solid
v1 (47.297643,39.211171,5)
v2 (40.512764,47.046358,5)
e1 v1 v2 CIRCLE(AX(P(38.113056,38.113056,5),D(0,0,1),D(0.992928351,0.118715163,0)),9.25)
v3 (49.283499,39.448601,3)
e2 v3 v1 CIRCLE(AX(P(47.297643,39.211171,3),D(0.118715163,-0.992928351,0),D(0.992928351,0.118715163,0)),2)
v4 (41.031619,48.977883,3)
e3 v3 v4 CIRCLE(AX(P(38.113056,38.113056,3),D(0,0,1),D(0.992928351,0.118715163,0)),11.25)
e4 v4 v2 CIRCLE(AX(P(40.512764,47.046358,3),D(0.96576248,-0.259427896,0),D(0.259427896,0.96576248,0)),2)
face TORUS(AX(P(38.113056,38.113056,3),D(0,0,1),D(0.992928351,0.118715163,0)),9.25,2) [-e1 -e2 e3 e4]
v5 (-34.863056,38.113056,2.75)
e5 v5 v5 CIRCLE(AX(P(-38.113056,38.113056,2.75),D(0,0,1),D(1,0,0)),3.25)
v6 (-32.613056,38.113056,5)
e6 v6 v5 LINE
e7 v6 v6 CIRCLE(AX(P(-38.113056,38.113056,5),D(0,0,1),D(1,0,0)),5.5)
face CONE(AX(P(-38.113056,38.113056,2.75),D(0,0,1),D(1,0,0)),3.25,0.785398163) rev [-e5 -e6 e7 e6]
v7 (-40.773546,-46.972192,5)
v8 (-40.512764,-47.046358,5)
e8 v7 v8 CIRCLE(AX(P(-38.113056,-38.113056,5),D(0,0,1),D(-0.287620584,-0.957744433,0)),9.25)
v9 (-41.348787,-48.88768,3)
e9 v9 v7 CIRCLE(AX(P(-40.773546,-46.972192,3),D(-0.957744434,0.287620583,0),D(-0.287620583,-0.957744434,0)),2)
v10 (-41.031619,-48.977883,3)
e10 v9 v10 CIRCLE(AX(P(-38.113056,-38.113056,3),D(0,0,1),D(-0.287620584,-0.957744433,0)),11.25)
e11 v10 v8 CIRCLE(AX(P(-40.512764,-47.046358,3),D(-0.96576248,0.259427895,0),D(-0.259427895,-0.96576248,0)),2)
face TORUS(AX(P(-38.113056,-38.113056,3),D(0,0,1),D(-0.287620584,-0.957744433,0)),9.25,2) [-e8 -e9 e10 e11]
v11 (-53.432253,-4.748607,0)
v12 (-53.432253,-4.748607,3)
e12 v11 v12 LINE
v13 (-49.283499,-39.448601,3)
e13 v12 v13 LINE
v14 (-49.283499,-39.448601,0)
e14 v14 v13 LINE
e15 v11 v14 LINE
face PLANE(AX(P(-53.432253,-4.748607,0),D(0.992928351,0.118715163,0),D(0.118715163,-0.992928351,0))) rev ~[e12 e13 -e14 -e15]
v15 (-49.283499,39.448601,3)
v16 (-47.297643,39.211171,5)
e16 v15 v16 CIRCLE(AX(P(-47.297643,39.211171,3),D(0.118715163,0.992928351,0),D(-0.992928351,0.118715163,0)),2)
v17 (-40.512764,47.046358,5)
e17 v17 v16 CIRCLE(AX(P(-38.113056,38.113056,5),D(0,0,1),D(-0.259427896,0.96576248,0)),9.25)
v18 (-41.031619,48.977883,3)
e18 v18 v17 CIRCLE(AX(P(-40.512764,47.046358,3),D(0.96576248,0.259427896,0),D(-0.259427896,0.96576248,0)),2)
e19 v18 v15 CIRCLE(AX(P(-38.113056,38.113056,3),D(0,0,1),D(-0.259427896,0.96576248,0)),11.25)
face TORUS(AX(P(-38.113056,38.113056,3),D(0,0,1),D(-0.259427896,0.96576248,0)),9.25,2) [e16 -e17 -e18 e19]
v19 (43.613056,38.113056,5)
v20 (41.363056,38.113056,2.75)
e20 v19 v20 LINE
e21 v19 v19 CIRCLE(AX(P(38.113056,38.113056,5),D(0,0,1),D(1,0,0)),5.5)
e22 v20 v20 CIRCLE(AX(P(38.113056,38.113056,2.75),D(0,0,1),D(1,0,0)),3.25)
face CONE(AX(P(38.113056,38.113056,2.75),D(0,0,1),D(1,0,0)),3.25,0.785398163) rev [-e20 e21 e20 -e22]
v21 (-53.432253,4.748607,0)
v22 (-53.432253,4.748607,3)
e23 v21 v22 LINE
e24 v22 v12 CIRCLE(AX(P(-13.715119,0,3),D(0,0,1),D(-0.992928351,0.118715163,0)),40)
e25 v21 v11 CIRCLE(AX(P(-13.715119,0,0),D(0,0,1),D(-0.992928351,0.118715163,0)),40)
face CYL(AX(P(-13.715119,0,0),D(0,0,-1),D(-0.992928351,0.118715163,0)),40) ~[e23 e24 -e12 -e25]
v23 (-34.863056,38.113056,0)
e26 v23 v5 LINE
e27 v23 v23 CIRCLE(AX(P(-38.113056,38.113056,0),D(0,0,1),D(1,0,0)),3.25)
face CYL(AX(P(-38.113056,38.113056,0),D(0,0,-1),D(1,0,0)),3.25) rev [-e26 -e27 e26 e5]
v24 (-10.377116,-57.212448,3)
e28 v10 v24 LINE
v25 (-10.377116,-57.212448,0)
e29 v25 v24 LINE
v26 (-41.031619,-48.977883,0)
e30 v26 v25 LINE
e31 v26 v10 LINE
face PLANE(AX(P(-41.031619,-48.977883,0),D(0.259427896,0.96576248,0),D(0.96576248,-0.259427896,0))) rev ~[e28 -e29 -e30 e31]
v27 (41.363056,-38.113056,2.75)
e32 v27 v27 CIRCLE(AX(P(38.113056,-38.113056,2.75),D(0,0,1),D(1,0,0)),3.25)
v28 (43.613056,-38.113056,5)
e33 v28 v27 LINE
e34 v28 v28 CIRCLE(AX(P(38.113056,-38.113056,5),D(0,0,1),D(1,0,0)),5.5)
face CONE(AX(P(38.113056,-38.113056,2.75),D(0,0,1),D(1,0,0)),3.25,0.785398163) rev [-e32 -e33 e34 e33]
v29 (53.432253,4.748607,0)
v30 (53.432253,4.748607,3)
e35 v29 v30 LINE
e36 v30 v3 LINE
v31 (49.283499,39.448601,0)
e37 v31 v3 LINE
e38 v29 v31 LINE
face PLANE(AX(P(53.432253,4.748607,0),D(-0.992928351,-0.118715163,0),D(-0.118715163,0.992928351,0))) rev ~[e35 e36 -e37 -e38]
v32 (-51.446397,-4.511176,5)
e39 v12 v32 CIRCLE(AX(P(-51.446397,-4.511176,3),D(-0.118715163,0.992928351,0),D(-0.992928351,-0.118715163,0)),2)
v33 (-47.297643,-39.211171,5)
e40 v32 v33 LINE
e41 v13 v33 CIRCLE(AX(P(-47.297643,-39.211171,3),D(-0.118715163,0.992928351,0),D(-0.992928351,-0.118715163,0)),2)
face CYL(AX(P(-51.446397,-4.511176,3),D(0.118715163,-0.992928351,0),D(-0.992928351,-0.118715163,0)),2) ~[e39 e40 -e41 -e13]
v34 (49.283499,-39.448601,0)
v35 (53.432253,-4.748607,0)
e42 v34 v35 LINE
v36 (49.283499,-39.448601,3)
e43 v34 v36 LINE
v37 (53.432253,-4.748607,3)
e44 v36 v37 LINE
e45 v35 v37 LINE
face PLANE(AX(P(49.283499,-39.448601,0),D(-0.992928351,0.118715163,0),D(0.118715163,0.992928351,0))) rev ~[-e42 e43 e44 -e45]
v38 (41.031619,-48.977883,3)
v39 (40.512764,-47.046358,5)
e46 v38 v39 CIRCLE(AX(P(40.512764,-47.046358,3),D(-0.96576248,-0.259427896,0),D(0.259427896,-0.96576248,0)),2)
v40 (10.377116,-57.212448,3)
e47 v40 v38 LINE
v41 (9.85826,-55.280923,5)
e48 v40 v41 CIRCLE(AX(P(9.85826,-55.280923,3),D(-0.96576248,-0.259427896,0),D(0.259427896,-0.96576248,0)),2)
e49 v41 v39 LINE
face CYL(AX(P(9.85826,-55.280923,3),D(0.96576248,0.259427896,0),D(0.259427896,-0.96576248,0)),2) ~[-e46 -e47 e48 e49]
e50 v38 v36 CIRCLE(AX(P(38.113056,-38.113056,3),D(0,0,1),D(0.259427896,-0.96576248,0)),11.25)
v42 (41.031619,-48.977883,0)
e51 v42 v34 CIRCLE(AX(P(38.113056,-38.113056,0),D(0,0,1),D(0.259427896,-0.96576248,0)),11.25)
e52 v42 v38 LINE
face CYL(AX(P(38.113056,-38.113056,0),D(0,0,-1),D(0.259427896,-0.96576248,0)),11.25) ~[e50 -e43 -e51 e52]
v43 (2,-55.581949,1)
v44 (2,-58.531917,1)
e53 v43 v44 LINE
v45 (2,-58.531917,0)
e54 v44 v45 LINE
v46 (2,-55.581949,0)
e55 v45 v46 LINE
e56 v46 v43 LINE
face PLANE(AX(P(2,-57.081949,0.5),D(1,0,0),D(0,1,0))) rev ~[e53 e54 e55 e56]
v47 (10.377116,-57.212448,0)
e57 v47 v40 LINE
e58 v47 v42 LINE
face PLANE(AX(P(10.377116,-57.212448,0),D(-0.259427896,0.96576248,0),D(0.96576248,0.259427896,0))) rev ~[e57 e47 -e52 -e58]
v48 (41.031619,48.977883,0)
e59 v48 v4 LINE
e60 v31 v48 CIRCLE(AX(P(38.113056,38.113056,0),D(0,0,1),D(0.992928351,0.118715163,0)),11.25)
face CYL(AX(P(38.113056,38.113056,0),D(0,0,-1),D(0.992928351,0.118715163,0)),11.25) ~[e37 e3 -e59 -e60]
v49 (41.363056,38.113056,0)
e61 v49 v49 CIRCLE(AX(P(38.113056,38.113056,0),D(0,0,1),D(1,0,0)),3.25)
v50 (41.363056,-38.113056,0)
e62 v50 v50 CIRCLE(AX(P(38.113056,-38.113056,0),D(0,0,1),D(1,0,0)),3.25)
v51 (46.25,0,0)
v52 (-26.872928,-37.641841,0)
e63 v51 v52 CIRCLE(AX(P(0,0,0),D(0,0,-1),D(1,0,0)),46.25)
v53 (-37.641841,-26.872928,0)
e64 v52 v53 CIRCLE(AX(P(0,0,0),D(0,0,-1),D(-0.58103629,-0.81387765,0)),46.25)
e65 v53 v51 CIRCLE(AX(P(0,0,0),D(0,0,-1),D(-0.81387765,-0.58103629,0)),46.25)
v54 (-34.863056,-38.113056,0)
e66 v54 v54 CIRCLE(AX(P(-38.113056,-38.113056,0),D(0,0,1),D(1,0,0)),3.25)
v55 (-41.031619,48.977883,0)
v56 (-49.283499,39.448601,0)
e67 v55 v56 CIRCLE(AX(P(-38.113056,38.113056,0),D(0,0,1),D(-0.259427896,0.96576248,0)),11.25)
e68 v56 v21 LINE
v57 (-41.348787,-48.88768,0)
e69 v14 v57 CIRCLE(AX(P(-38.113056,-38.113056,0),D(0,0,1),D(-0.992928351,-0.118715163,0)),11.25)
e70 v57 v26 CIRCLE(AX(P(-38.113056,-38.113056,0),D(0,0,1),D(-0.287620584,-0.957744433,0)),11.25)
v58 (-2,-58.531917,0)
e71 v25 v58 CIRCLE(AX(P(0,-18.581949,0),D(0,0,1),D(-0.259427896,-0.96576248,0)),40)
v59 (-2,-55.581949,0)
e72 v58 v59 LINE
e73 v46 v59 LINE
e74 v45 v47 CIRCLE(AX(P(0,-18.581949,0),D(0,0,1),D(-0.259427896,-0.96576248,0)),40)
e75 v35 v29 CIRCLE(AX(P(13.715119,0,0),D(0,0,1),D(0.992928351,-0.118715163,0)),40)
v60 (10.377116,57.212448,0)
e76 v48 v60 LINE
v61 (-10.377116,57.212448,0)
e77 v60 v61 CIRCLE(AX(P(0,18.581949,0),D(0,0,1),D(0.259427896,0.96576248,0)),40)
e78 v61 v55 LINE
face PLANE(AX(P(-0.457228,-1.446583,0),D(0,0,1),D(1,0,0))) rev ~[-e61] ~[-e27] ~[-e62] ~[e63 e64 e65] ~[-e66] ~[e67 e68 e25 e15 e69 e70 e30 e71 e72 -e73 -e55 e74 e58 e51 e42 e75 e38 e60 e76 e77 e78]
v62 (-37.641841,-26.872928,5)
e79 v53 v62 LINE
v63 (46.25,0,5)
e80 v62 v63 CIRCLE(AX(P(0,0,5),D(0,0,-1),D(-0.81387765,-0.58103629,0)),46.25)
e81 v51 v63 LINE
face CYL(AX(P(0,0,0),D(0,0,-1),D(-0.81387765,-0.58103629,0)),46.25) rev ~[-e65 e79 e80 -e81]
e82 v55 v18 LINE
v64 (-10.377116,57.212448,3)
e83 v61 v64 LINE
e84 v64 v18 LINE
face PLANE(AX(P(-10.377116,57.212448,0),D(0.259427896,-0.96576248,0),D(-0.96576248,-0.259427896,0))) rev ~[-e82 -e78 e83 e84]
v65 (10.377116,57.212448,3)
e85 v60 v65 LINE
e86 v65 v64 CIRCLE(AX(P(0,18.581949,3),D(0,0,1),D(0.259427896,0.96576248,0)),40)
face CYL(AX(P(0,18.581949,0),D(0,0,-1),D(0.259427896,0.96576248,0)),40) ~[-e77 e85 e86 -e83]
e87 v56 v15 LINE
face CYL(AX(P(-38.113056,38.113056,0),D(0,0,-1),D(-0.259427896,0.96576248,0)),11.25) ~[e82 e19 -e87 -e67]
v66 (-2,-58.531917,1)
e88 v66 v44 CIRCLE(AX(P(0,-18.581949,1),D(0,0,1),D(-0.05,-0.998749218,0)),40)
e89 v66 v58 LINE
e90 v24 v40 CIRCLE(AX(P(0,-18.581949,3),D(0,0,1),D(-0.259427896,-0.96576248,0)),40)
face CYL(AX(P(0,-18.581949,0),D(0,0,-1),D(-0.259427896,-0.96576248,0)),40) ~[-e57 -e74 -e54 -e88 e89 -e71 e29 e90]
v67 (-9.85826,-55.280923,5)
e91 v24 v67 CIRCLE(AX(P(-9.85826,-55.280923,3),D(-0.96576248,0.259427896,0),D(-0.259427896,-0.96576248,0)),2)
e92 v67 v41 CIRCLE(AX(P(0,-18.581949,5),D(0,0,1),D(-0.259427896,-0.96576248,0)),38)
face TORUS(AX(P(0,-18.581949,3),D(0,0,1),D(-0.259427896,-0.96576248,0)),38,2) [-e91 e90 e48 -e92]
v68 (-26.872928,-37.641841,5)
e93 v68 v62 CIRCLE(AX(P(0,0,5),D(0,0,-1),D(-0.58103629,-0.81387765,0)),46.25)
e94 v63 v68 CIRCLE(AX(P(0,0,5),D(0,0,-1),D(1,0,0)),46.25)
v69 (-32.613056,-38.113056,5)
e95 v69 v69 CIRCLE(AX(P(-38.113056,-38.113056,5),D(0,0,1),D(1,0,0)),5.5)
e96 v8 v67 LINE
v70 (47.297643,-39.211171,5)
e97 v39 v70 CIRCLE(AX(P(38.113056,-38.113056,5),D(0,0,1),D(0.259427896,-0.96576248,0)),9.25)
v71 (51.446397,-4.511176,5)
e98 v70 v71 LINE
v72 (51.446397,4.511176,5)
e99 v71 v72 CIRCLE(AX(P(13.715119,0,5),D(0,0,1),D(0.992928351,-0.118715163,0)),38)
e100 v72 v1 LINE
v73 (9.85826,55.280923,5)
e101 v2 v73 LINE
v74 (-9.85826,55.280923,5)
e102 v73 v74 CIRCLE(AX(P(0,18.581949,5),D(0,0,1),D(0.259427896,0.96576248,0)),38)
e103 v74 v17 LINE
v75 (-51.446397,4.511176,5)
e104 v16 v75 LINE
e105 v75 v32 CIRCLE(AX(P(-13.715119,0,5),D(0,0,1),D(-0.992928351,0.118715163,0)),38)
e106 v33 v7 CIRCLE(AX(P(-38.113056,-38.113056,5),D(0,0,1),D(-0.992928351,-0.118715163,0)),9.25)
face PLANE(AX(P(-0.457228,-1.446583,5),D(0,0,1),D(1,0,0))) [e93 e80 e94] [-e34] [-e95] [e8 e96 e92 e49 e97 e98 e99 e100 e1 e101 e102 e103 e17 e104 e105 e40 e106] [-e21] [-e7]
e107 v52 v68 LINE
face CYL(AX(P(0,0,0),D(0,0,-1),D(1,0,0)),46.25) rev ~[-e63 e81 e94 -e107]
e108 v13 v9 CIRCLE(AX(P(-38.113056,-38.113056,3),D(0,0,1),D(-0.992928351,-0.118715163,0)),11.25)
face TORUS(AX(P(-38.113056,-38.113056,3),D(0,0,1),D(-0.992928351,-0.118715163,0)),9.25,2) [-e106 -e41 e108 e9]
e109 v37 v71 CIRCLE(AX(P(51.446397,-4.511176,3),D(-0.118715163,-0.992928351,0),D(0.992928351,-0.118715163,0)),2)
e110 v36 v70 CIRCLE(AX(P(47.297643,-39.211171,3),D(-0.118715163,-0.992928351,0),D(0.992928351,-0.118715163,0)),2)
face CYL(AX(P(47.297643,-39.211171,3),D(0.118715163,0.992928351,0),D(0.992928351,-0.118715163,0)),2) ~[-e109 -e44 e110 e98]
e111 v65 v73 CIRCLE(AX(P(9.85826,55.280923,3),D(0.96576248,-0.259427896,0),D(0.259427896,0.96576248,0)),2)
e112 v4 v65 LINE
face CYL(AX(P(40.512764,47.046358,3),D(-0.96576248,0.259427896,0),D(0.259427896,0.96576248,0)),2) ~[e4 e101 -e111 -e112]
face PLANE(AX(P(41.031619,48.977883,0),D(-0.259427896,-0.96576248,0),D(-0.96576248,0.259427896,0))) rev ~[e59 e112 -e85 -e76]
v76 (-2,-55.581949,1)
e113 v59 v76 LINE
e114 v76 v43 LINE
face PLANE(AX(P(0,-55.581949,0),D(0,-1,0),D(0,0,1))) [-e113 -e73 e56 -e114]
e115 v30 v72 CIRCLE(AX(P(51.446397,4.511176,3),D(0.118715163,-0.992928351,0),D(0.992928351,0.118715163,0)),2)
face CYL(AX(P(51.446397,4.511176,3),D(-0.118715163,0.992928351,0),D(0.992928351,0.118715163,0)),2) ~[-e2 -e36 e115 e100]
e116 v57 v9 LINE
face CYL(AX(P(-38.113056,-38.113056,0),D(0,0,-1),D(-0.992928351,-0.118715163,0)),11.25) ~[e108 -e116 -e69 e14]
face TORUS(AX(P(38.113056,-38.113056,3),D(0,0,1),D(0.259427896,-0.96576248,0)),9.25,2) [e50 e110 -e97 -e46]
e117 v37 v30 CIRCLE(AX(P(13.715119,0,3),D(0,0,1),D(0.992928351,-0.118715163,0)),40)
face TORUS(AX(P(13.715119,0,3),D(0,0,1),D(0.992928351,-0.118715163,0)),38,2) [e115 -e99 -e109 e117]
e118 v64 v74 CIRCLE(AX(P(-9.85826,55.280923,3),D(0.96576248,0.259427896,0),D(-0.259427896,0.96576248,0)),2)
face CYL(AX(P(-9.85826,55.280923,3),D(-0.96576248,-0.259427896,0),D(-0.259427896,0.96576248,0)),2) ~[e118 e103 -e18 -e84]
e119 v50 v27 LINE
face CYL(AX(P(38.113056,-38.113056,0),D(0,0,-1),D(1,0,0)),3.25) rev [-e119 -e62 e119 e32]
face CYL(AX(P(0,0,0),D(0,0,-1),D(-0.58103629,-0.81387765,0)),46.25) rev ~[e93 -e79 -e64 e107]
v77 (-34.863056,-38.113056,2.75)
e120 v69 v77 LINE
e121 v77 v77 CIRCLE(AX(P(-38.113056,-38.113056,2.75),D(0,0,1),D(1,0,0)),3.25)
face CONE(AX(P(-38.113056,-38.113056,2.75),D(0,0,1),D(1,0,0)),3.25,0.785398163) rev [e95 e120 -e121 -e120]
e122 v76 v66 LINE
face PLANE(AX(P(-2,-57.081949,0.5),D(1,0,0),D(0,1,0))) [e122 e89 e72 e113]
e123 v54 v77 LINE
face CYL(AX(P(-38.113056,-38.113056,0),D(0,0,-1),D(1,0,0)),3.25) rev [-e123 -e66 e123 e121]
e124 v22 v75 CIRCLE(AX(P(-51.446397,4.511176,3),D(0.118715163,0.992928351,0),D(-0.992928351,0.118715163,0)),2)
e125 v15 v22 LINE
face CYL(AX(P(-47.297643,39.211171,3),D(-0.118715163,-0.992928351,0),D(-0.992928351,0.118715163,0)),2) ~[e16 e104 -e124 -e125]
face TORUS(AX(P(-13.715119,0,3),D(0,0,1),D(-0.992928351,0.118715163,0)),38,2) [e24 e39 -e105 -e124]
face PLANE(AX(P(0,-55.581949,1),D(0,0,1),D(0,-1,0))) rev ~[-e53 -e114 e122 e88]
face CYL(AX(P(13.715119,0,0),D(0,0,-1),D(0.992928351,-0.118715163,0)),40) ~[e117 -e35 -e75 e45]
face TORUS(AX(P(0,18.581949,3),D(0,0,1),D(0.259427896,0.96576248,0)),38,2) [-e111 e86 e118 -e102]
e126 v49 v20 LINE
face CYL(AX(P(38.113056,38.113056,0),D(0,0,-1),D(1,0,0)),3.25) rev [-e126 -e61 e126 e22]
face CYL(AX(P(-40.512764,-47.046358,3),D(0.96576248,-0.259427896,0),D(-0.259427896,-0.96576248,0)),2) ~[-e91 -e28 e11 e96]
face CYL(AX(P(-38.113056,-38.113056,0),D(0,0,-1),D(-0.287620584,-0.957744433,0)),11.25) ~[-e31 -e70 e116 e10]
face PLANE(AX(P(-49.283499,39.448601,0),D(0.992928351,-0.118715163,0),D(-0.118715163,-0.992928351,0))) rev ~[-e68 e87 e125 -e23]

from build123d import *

# Parameters (mm, degrees)
F0_R          = 3.25
F1_DEPTH      = 5
F2_R          = 2
F3_SIZE       = 2.25
F5_DEPTH      = 2
F5_DEPTH_BACK = 2


with BuildPart() as f1:
    # F0 (on Top) → F1 (new body)
    with BuildSketch(Plane.XY):
        with BuildLine():
            ThreePointArc((-37.6418413316, -26.8729284069), (-14.1089924944, 44.0454178184), (46.25, 0))
            ThreePointArc((46.25, 0), (21.1682493511, -41.121377888), (-26.8729284069, -37.6418413316))
            ThreePointArc((-26.8729284069, -37.6418413316), (-31.0817991261, -46.8950788332), (-41.0316193316, -48.9778834013))
            Line((-41.0316193316, -48.9778834013), (-10.3771158244, -57.212447804))
            ThreePointArc((-10.3771158244, -57.212447804), (0, -58.5819486205), (10.3771158244, -57.212447804))
            Line((10.3771158244, -57.212447804), (41.0316193316, -48.9778834013))
            ThreePointArc((41.0316193316, -48.9778834013), (46.6175743255, -45.4775418864), (49.2834994538, -39.44860109))
            Line((49.2834994538, -39.44860109), (53.4322534987, -4.7486065209))
            ThreePointArc((53.4322534987, -4.7486065209), (53.7151194618, 0), (53.4322534987, 4.7486065209))
            Line((53.4322534987, 4.7486065209), (49.2834994538, 39.44860109))
            ThreePointArc((49.2834994538, 39.44860109), (46.6175743255, 45.4775418864), (41.0316193316, 48.9778834013))
            Line((41.0316193316, 48.9778834013), (10.3771158244, 57.212447804))
            ThreePointArc((10.3771158244, 57.212447804), (0, 58.5819486205), (-10.3771158244, 57.212447804))
            Line((-10.3771158244, 57.212447804), (-41.0316193316, 48.9778834013))
            ThreePointArc((-41.0316193316, 48.9778834013), (-46.6175743255, 45.4775418864), (-49.2834994538, 39.44860109))
            Line((-49.2834994538, 39.44860109), (-53.4322534987, 4.7486065209))
            ThreePointArc((-53.4322534987, 4.7486065209), (-53.7151194618, 0), (-53.4322534987, -4.7486065209))
            Line((-53.4322534987, -4.7486065209), (-49.2834994538, -39.44860109))
            ThreePointArc((-49.2834994538, -39.44860109), (-46.3686757307, -30.4705928986), (-37.6418413316, -26.8729284069))
        make_face()
        with Locations((38.113055506, -38.113055506)):
            Circle(F0_R, mode=Mode.SUBTRACT)
        with Locations((-38.113055506, 38.113055506)):
            Circle(F0_R, mode=Mode.SUBTRACT)
        with Locations((38.113055506, 38.113055506)):
            Circle(F0_R, mode=Mode.SUBTRACT)
        with BuildLine():
            ThreePointArc((-26.8729284069, -37.6418413316), (-32.7036886299, -32.7036886299), (-37.6418413316, -26.8729284069))
            ThreePointArc((-37.6418413316, -26.8729284069), (-46.3686757307, -30.4705928986), (-49.2834994538, -39.44860109))
            ThreePointArc((-49.2834994538, -39.44860109), (-46.7245900781, -45.3521143062), (-41.3487870684, -48.8876803837))
            ThreePointArc((-41.3487870684, -48.8876803837), (-41.1905337069, -48.9339440057), (-41.0316193316, -48.9778834013))
            ThreePointArc((-41.0316193316, -48.9778834013), (-31.0817991261, -46.8950788332), (-26.8729284069, -37.6418413316))
        make_face()
        with Locations((-38.113055506, -38.113055506)):
            Circle(F0_R, mode=Mode.SUBTRACT)
    extrude(amount=F1_DEPTH)

    # F2
    f2_edges = [f1.edges().sort_by_distance(p)[0] for p in [
        (-25.704368, 53.095166, 5),
    ]]
    fillet(f2_edges, radius=F2_R)

    # F3
    f3_edges = [f1.edges().sort_by_distance(p)[0] for p in [
        (-41.363056, 38.113056, 5),
        (34.863056, 38.113056, 5),
        (34.863056, -38.113056, 5),
        (-41.363056, -38.113056, 5),
    ]]
    chamfer(f3_edges, length=F3_SIZE)

    # F4 (on Right) → F5 (cut, two sides)
    with BuildSketch(Plane.YZ) as f5_sk:
        Polygon((-58.5819486205, 0), (-57.212447804, 0), (-55.5819486205, 0), (-55.5819486205, 1), (-58.5819486205, 1), align=None)
    extrude(amount=-F5_DEPTH, mode=Mode.SUBTRACT)
    extrude(f5_sk.sketch, amount=F5_DEPTH_BACK, mode=Mode.SUBTRACT)


solid = f1.part
